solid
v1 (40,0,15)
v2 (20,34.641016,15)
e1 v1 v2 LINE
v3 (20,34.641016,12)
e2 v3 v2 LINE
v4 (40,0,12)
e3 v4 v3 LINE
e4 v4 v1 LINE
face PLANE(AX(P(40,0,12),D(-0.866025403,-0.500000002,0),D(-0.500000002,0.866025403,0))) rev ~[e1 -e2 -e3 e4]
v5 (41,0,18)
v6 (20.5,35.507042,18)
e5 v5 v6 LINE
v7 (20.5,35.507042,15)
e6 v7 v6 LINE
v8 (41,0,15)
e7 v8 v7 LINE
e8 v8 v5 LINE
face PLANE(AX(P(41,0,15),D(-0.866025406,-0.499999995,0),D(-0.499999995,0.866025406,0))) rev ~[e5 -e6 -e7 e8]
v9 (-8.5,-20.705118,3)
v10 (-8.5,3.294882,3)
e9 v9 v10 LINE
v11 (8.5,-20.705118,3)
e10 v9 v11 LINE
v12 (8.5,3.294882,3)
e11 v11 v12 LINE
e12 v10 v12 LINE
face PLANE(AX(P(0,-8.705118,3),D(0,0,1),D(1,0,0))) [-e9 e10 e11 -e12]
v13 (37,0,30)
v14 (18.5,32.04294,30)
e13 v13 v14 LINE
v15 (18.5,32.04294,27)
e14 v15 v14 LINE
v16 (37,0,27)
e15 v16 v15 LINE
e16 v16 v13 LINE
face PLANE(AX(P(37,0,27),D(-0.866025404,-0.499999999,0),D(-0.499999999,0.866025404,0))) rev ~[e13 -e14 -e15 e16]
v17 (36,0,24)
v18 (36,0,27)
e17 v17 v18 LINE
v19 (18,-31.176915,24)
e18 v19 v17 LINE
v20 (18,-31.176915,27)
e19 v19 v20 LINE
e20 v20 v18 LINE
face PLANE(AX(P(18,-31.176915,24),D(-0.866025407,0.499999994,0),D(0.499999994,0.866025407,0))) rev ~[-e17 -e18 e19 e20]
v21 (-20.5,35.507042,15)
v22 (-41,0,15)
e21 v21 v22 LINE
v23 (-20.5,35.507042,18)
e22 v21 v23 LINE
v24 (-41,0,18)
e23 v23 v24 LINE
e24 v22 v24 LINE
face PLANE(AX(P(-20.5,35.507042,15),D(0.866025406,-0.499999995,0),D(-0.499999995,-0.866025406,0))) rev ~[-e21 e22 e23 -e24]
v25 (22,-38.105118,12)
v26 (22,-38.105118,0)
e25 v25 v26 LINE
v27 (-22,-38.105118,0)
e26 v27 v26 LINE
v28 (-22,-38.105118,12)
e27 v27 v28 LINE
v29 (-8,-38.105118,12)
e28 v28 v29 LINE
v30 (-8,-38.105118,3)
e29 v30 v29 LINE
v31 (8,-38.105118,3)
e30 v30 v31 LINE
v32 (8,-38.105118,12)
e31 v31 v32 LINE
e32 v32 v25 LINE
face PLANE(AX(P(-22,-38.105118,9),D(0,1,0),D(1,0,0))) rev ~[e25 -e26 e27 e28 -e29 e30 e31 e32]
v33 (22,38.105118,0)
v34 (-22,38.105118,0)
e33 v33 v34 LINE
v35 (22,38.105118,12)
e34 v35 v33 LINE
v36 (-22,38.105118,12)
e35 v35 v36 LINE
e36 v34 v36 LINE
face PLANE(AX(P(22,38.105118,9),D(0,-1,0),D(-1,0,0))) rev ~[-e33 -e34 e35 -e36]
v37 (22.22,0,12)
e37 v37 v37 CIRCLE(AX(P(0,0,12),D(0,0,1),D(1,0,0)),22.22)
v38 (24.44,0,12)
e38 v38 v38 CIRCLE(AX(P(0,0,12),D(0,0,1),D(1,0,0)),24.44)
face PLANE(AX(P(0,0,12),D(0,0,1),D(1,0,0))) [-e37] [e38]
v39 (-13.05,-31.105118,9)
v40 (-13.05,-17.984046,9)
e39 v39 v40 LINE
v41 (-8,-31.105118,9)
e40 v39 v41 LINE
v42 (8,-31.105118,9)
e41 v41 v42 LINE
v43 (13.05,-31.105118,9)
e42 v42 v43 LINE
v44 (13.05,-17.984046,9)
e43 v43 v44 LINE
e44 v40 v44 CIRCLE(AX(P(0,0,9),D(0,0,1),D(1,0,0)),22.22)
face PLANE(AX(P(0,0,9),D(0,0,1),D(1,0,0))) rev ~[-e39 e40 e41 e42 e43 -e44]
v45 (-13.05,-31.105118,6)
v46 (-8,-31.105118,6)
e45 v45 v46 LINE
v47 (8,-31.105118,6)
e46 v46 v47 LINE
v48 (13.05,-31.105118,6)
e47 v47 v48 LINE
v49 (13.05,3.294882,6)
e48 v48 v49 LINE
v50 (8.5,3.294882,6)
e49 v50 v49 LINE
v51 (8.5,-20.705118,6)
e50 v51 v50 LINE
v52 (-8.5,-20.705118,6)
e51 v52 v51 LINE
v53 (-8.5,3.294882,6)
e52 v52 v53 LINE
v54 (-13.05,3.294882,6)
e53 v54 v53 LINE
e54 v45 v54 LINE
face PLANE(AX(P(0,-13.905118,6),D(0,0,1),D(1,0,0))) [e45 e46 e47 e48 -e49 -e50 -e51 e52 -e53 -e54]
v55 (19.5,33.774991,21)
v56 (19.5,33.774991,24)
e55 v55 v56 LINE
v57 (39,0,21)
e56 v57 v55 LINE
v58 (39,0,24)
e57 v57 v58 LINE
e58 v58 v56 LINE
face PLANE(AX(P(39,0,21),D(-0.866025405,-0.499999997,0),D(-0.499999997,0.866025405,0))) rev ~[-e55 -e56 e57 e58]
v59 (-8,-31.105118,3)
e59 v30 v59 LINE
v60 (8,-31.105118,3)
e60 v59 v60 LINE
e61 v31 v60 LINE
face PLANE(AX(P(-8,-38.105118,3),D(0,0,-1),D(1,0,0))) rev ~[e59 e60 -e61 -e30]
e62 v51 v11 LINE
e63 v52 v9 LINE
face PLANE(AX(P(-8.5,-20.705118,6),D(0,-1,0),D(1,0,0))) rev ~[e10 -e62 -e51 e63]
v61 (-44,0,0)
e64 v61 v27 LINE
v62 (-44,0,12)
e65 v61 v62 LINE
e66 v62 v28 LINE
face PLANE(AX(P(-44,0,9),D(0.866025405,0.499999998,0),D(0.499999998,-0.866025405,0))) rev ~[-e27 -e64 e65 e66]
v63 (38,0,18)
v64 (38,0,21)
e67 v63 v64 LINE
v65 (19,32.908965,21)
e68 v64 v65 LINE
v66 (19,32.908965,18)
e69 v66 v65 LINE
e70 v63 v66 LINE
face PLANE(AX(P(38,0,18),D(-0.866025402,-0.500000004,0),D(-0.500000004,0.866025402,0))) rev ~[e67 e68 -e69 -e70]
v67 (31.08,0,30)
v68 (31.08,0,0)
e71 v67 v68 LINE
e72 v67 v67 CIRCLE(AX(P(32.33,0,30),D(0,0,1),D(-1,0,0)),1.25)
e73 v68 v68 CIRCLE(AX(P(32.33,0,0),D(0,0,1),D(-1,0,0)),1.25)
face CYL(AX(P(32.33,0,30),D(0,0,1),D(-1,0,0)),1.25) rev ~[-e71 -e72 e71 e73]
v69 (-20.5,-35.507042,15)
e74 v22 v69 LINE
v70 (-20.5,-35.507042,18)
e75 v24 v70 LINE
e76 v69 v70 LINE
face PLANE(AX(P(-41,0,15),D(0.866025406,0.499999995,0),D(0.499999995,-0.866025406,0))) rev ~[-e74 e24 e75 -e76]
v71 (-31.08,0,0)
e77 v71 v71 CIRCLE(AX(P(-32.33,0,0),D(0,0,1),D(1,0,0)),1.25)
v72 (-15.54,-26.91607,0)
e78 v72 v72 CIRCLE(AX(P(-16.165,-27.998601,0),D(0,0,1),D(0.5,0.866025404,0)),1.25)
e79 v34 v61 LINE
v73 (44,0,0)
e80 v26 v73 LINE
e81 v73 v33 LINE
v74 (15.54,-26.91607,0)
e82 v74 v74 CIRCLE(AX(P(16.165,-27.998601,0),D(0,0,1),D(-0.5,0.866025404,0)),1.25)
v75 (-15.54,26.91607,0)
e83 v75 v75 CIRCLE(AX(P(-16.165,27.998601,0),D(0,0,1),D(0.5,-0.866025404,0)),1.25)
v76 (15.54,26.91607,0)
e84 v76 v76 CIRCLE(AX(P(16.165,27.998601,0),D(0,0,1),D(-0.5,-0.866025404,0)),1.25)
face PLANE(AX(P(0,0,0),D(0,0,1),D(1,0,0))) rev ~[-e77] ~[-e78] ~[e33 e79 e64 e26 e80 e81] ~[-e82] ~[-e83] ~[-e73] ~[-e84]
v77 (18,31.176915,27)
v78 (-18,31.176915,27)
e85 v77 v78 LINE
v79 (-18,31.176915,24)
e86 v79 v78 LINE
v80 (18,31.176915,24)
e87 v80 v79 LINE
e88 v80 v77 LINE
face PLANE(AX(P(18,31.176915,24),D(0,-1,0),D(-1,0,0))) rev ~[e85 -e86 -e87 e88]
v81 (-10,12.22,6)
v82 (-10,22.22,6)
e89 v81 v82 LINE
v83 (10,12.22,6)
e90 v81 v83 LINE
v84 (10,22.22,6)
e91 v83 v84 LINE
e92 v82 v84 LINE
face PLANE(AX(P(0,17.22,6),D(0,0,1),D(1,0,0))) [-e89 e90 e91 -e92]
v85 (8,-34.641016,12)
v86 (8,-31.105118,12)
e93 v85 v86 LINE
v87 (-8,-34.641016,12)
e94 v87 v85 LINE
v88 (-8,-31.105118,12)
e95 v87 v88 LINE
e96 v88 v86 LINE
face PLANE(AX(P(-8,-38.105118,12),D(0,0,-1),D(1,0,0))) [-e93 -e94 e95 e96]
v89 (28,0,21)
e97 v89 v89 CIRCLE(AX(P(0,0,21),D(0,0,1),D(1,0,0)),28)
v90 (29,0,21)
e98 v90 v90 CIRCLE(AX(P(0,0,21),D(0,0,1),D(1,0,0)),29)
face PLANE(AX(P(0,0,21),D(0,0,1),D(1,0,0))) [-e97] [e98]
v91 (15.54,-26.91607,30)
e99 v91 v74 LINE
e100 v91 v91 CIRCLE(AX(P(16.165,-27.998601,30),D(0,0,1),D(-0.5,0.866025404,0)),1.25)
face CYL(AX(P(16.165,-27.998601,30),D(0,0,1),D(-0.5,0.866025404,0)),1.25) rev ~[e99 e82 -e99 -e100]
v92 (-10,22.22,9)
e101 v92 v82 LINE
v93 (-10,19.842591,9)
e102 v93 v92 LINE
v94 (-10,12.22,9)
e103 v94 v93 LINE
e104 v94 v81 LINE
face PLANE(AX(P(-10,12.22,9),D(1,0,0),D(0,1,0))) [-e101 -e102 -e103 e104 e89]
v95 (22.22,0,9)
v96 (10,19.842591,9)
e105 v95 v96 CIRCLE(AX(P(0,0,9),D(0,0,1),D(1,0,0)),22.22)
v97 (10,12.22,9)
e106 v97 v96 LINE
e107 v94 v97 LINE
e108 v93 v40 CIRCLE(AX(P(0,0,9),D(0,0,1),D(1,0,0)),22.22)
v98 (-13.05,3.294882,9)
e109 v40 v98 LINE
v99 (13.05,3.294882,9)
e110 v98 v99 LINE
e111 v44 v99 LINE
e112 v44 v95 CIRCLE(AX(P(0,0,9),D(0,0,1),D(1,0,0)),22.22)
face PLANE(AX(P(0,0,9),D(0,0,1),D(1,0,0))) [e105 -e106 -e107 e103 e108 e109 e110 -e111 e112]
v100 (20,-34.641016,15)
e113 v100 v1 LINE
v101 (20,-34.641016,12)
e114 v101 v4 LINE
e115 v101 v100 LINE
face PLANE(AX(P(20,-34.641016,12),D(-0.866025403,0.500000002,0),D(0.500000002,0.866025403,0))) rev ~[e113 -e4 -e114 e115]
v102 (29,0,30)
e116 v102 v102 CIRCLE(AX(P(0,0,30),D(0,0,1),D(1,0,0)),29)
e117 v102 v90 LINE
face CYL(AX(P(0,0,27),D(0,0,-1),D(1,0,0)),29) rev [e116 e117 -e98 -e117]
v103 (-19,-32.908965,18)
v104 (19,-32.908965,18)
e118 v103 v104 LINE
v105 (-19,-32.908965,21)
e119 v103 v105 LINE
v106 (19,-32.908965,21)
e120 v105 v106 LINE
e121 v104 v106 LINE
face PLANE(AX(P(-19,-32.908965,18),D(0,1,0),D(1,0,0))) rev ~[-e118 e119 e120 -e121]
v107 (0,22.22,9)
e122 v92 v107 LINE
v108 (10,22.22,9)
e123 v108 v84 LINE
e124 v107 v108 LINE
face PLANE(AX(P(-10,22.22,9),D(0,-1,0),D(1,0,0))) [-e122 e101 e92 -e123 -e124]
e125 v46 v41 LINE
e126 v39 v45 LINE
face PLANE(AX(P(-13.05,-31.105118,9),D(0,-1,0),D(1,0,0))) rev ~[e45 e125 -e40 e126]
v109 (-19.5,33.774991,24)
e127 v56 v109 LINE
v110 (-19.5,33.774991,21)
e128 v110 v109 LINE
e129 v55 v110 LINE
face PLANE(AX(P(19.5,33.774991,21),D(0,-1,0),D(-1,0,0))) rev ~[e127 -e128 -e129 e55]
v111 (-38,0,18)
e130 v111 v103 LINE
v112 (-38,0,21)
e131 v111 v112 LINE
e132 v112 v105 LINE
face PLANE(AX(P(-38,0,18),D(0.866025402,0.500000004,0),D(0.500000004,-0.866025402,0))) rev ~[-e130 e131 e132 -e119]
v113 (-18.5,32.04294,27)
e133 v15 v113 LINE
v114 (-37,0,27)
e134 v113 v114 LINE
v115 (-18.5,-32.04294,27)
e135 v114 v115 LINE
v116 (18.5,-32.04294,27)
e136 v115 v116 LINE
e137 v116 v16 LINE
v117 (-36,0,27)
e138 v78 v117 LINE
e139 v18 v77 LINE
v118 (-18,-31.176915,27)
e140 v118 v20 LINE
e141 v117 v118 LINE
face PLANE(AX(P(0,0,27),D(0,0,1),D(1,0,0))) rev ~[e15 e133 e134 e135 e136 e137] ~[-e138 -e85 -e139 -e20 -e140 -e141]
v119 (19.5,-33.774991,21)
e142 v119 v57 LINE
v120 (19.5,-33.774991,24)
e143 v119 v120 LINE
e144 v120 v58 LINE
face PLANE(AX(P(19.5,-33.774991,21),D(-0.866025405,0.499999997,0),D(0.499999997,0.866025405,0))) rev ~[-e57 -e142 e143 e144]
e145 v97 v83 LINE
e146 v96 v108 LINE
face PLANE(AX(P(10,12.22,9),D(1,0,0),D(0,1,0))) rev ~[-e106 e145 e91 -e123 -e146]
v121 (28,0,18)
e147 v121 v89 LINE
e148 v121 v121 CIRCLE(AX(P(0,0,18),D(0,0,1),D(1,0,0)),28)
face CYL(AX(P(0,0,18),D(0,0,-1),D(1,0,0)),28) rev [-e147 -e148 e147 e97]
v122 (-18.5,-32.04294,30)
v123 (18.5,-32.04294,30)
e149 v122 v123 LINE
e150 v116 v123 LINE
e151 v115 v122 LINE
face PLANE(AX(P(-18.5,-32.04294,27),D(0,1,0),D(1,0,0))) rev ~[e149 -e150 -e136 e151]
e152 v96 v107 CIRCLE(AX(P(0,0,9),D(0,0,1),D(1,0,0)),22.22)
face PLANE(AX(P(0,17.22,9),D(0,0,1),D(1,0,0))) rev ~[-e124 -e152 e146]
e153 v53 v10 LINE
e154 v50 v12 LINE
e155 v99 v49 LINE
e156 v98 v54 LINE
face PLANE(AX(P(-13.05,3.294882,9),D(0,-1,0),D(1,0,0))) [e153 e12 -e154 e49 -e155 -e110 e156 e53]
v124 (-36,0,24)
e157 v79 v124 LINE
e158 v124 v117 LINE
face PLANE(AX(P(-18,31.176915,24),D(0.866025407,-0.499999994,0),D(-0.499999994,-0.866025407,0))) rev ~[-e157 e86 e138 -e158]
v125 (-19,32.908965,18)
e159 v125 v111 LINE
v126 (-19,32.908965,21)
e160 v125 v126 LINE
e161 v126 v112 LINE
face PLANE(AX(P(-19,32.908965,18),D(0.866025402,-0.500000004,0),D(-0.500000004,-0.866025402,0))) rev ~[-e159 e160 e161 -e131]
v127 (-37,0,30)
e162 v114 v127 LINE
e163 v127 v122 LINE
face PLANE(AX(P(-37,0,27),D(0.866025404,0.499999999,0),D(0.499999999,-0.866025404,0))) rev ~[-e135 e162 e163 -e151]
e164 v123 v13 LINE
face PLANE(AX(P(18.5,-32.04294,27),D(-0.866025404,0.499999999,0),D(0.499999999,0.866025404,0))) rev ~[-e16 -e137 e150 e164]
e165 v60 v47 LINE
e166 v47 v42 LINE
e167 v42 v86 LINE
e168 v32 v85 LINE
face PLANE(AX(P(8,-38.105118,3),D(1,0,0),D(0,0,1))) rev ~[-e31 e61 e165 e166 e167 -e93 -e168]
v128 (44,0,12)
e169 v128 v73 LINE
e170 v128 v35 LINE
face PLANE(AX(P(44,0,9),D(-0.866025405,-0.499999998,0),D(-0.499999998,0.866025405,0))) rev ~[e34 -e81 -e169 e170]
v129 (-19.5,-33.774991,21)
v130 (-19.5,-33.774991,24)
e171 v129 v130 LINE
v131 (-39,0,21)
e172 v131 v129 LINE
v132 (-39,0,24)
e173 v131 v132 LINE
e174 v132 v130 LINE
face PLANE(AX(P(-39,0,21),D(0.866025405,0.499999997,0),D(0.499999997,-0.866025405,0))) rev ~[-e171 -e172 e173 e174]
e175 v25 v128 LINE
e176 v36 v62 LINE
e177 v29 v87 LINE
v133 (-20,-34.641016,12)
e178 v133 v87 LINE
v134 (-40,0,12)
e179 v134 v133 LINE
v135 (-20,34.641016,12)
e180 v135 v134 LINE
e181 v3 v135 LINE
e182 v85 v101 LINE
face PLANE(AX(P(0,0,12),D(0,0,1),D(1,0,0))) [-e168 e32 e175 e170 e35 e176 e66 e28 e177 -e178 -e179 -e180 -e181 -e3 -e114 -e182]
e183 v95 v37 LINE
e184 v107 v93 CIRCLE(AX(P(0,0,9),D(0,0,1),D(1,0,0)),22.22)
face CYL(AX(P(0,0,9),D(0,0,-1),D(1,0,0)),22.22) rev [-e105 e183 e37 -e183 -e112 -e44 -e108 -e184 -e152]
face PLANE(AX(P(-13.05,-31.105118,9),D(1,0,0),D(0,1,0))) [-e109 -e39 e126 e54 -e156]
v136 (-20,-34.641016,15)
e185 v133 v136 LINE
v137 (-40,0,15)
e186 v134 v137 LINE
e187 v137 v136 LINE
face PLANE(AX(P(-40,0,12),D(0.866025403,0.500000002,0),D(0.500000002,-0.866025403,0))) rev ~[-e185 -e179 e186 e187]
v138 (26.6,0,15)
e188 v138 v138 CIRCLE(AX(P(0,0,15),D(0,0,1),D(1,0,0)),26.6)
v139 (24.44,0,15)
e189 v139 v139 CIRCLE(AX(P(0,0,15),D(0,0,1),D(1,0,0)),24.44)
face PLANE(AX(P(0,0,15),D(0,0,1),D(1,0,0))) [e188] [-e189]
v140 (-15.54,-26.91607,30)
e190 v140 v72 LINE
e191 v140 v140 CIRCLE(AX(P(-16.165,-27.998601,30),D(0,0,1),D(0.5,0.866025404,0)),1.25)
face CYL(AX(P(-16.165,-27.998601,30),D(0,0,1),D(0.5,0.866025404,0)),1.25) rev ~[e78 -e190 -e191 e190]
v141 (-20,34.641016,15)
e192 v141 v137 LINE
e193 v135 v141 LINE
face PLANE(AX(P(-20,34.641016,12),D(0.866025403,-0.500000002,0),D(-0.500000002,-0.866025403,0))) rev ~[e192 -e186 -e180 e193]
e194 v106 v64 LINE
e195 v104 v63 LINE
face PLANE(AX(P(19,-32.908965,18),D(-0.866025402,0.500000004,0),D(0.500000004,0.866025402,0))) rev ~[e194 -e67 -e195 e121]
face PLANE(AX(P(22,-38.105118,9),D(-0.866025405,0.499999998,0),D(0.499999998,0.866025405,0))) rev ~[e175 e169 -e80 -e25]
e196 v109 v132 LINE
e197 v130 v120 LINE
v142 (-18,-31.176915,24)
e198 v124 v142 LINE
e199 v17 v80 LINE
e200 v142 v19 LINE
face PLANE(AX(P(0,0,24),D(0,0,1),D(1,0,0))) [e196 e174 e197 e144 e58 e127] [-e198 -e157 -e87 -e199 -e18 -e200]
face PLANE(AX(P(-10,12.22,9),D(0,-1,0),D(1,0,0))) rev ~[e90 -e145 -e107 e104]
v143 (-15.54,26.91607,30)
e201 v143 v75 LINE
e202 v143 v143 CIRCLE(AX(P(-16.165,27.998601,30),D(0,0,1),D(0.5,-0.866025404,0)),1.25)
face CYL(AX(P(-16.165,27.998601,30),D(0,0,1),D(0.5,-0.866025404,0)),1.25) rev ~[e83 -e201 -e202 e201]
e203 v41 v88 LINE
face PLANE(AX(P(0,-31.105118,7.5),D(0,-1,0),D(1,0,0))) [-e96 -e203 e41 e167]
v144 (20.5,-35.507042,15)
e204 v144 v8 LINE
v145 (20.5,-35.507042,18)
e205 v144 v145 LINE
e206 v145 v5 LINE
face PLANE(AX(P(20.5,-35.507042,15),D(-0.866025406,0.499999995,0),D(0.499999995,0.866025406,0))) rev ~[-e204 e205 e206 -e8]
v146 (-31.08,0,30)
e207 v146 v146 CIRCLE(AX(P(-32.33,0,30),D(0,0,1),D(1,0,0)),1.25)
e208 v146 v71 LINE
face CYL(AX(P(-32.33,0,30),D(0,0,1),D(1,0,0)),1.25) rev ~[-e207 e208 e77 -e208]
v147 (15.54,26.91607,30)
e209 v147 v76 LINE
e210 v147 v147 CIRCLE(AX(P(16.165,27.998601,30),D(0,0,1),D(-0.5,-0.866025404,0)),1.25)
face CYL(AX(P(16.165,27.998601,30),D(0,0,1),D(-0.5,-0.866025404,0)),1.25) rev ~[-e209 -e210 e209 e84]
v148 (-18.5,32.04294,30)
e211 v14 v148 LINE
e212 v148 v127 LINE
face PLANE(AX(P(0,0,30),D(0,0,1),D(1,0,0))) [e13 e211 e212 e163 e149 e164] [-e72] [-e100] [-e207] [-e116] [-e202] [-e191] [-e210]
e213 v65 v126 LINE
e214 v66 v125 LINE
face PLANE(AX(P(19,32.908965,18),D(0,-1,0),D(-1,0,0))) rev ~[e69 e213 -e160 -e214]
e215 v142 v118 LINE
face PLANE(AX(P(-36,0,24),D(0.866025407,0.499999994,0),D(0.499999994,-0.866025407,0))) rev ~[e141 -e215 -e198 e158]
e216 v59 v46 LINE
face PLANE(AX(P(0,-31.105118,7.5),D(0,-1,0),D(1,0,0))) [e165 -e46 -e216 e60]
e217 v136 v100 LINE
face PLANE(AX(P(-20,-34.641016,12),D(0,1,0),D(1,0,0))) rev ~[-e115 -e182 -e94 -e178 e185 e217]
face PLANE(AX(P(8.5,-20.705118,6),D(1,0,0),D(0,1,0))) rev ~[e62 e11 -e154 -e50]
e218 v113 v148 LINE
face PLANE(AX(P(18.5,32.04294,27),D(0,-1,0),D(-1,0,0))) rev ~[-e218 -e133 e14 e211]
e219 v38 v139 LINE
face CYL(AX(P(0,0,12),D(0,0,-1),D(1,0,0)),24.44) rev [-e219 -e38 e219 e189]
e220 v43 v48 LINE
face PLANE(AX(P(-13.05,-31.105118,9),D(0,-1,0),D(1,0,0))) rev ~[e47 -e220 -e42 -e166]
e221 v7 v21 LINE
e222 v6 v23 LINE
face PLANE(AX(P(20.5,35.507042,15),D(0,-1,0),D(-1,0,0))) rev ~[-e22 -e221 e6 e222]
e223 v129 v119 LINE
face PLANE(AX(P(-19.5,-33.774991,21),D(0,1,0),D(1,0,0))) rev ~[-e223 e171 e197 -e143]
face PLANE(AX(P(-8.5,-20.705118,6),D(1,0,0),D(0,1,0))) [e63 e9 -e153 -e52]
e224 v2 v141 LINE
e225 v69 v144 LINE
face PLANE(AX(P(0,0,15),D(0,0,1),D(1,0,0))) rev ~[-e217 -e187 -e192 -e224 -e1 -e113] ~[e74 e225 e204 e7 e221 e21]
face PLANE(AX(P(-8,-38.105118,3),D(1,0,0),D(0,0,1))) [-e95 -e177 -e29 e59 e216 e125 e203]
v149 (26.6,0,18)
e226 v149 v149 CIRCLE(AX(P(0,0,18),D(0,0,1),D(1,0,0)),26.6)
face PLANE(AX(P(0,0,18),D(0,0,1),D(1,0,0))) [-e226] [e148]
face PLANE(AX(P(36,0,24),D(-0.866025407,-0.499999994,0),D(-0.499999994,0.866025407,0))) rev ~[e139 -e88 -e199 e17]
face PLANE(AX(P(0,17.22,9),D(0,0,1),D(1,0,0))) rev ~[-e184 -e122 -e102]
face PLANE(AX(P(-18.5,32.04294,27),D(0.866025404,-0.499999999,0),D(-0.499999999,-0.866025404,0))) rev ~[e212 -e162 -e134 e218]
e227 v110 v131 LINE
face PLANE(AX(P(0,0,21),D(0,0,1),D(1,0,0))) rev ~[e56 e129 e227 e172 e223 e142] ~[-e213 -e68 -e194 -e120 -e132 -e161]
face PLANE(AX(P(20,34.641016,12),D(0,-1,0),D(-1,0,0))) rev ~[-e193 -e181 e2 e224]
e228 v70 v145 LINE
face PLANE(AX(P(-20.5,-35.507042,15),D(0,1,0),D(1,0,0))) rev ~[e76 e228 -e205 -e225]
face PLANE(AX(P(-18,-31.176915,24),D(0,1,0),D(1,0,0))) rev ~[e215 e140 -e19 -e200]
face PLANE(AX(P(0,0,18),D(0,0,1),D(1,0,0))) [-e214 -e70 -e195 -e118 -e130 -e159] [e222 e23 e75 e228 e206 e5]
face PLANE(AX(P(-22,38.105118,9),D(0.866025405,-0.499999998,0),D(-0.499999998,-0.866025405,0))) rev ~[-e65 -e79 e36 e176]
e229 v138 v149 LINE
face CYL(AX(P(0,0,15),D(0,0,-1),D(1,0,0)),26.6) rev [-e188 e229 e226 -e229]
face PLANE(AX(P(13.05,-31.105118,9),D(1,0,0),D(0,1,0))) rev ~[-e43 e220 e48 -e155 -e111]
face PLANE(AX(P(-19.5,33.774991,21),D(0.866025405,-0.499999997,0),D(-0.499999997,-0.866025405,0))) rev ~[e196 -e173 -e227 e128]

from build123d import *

# Parameters (mm, degrees)
PAD_DEPTH          = 9
SKETCH001_W        = 26.1
SKETCH001_H        = 34.4
POCKET_DEPTH       = 3
SKETCH002_R        = 22.22
PAD001_DEPTH       = 3
SKETCH003_R        = 24.44
PAD002_DEPTH       = 3
SKETCH004_R        = 26.6
PAD003_DEPTH       = 3
SKETCH005_R        = 28
PAD004_DEPTH       = 3
SKETCH006_R        = 29
PAD005_DEPTH       = 3
SKETCH007_R        = 29
PAD006_DEPTH       = 3
SKETCH008_R        = 29
PAD007_DEPTH       = 3
SKETCH009_W        = 17
SKETCH009_H        = 24
POCKET001_DEPTH    = 3
SKETCH010_W        = 16
SKETCH010_H        = 9
POCKET002_DEPTH    = 7
SKETCH011_W        = 20
SKETCH011_H        = 10
POCKET003_DEPTH    = 3
SKETCH012_R        = 1.25
POCKET004_DEPTH    = 270.433943
POLARPATTERN_COUNT = 6


with BuildPart() as part:
    # Sketch → Pad (new body)
    with BuildSketch(Plane.XY):
        Polygon((44, 0), (22, 38.105118), (-22, 38.105118), (-44, 0), (-22, -38.105118), (22, -38.105118), align=None)
    extrude(amount=PAD_DEPTH)

    # Sketch001 (on Face8 of Pad) → Pocket (cut)
    with BuildSketch(Plane.XY.offset(9)):
        with Locations((0, -13.905118)):
            Rectangle(SKETCH001_W, SKETCH001_H)
    extrude(amount=-POCKET_DEPTH, mode=Mode.SUBTRACT)

    # Sketch002 (on Face5 of Pocket) → Pad001 (join)
    with BuildSketch(Plane.XY.offset(9)):
        Polygon((22, 38.105118), (-22, 38.105118), (-44, 0), (-22, -38.105118), (22, -38.105118), (44, 0), align=None)
        Circle(SKETCH002_R, mode=Mode.SUBTRACT)
    extrude(amount=PAD001_DEPTH)

    # Sketch003 (on Face14 of Pad001) → Pad002 (join)
    with BuildSketch(Plane.XY.offset(12)):
        Polygon((40, 0), (20, 34.641016), (-20, 34.641016), (-40, 0), (-20, -34.641016), (20, -34.641016), align=None)
        Circle(SKETCH003_R, mode=Mode.SUBTRACT)
    extrude(amount=PAD002_DEPTH)

    # Sketch004 (on Face21 of Pad002) → Pad003 (join)
    with BuildSketch(Plane.XY.offset(15)):
        Polygon((41, 0), (20.5, 35.507042), (-20.5, 35.507042), (-41, 0), (-20.5, -35.507042), (20.5, -35.507042), align=None)
        Circle(SKETCH004_R, mode=Mode.SUBTRACT)
    extrude(amount=PAD003_DEPTH)

    # Sketch005 (on Face28 of Pad003) → Pad004 (join)
    with BuildSketch(Plane.XY.offset(18)):
        Polygon((19, 32.908965), (-19, 32.908965), (-38, 0), (-19, -32.908965), (19, -32.908965), (38, 0), align=None)
        Circle(SKETCH005_R, mode=Mode.SUBTRACT)
    extrude(amount=PAD004_DEPTH)

    # Sketch006 (on Face35 of Pad004) → Pad005 (join)
    with BuildSketch(Plane.XY.offset(21)):
        Polygon((39, 0), (19.5, 33.774991), (-19.5, 33.774991), (-39, 0), (-19.5, -33.774991), (19.5, -33.774991), align=None)
        Circle(SKETCH006_R, mode=Mode.SUBTRACT)
    extrude(amount=PAD005_DEPTH)

    # Sketch007 (on Face42 of Pad005) → Pad006 (join)
    with BuildSketch(Plane.XY.offset(24)):
        Polygon((36, 0), (18, 31.176915), (-18, 31.176915), (-36, 0), (-18, -31.176915), (18, -31.176915), align=None)
        Circle(SKETCH007_R, mode=Mode.SUBTRACT)
    extrude(amount=PAD006_DEPTH)

    # Sketch008 (on Face49 of Pad006) → Pad007 (join)
    with BuildSketch(Plane.XY.offset(27)):
        Polygon((37, 0), (18.5, 32.04294), (-18.5, 32.04294), (-37, 0), (-18.5, -32.04294), (18.5, -32.04294), align=None)
        Circle(SKETCH008_R, mode=Mode.SUBTRACT)
    extrude(amount=PAD007_DEPTH)

    # Sketch009 (on Face74 of Pad007) → Pocket001 (cut)
    with BuildSketch(Plane.XY.offset(6)):
        with Locations((0, -8.705118)):
            Rectangle(SKETCH009_W, SKETCH009_H)
    extrude(amount=-POCKET001_DEPTH, mode=Mode.SUBTRACT)

    # Sketch010 (on Face12 of Pocket001) → Pocket002 (cut)
    with BuildSketch(Plane.XZ.offset(38.105118)):
        with Locations((0, 7.5)):
            Rectangle(SKETCH010_W, SKETCH010_H)
    extrude(amount=-POCKET002_DEPTH, mode=Mode.SUBTRACT)

    # Sketch011 (on Face40 of Pocket002) → Pocket003 (cut)
    with BuildSketch(Plane.XY.offset(9)):
        with Locations((0, 17.22)):
            Rectangle(SKETCH011_W, SKETCH011_H)
    extrude(amount=-POCKET003_DEPTH, mode=Mode.SUBTRACT)

    # Sketch012 (on Face93 of Pocket003) → Pocket004 (cut, through all)
    with BuildSketch(Plane.XY.offset(30)):
        with Locations((-32.33, 0)):
            Circle(SKETCH012_R)
    pocket004 = extrude(amount=-POCKET004_DEPTH, mode=Mode.SUBTRACT)

    # PolarPattern: Pocket004 ×6 about axis
    polarpattern_axis = Axis((0, 0, 30), (0, 0, 1))
    for i in range(1, POLARPATTERN_COUNT):
        add(pocket004.rotate(polarpattern_axis, i * 360 / POLARPATTERN_COUNT), mode=Mode.SUBTRACT)


solid = part.part
